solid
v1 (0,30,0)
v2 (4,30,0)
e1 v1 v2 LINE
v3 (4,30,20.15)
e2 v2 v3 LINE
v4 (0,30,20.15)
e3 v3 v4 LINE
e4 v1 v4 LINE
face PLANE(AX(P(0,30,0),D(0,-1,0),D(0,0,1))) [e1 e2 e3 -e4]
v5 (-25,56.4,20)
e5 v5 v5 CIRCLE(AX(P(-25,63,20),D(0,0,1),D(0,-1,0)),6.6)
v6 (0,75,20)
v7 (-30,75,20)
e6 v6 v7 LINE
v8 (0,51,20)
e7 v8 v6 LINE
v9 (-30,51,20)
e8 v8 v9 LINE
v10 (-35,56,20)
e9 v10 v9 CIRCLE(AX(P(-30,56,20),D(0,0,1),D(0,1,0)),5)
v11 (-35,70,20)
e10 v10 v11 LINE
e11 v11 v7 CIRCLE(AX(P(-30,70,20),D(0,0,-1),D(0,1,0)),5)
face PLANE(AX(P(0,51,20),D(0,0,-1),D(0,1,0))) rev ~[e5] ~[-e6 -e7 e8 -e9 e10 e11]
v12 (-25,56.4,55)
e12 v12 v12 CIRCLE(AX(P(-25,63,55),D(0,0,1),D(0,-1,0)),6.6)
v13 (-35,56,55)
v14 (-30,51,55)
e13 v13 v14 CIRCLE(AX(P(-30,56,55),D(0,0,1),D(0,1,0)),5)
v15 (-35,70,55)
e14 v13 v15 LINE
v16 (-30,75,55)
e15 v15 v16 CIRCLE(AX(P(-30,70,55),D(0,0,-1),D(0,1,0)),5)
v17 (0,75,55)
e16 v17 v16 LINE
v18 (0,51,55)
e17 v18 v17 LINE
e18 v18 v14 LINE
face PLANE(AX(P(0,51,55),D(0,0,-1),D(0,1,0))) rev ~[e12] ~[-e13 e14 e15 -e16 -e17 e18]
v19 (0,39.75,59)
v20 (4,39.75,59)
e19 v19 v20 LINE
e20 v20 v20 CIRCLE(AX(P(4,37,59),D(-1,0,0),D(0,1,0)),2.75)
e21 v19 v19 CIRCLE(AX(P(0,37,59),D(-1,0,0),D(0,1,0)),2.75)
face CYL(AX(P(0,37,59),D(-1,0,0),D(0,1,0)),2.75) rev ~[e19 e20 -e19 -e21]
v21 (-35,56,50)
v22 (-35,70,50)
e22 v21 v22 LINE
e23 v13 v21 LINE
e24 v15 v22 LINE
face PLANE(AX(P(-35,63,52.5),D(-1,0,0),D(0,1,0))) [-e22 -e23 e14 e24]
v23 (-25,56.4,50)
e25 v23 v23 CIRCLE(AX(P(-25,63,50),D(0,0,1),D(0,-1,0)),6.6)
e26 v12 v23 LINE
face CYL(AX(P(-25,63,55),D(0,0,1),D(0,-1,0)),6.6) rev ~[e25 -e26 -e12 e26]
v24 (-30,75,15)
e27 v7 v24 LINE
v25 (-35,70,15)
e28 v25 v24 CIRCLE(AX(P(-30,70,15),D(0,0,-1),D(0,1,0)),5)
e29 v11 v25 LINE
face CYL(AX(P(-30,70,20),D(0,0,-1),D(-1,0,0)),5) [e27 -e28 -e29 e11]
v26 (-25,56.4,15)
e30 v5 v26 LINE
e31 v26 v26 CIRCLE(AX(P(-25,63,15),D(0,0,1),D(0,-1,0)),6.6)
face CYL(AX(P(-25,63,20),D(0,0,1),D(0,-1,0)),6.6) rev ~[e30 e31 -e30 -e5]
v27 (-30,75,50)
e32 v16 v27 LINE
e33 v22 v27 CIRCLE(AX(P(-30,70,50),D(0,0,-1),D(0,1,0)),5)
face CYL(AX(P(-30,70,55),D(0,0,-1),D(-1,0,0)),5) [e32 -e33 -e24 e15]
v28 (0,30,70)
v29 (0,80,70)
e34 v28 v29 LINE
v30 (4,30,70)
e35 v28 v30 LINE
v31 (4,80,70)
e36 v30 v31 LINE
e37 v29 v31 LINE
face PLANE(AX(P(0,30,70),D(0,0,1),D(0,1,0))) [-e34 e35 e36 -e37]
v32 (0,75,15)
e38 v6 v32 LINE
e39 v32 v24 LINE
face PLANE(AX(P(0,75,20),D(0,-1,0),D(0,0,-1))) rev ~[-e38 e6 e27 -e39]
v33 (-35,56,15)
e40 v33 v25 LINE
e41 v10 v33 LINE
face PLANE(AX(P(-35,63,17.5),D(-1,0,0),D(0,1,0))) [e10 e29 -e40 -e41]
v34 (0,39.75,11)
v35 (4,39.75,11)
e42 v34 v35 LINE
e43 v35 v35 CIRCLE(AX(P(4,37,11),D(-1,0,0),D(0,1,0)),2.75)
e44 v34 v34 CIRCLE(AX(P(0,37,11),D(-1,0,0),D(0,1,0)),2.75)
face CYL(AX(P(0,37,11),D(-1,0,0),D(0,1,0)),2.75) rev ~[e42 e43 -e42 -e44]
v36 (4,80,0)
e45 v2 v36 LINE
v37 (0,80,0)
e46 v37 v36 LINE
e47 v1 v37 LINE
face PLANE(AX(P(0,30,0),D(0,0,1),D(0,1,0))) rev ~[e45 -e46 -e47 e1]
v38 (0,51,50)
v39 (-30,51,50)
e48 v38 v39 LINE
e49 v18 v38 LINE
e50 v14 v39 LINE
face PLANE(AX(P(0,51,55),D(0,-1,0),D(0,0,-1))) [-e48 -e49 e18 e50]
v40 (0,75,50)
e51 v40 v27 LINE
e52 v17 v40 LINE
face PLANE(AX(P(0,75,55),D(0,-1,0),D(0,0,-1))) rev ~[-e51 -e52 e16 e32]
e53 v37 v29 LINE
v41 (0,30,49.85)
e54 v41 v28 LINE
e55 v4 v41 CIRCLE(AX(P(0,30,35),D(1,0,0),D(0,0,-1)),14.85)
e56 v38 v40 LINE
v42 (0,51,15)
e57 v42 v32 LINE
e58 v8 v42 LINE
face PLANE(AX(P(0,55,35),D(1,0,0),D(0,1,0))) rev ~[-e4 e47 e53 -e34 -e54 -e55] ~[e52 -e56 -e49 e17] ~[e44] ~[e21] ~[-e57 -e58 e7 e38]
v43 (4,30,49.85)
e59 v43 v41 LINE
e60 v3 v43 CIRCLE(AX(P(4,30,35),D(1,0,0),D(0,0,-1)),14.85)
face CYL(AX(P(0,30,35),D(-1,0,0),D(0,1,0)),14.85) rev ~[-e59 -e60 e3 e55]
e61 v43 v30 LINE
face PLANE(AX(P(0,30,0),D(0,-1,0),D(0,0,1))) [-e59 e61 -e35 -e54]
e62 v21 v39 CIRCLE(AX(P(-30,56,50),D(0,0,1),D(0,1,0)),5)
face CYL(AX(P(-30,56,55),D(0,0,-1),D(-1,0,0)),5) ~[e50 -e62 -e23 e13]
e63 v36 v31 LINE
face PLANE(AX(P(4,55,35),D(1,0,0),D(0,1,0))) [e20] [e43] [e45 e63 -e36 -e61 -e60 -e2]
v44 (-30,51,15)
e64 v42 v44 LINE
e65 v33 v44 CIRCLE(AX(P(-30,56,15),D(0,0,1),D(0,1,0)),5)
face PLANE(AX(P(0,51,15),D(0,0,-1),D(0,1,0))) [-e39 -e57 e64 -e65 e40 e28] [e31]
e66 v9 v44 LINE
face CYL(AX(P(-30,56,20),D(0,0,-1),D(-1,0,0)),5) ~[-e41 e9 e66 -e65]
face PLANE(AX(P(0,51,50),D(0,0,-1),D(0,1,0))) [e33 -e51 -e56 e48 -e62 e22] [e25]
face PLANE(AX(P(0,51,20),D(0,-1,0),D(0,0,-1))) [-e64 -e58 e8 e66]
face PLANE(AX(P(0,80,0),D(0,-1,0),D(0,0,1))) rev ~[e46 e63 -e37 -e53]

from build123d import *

# Parameters (mm, degrees)
SKETCH003_W   = 24
SKETCH003_H   = 5
PAD002_DEPTH  = 35
SKETCH004_R   = 6.6
HOLE001_DEPTH = 5.001
FILLET002_R   = 5
FILLET003_R   = 5
SKETCH002_W   = 24
SKETCH002_H   = 5
PAD001_DEPTH  = 35
SKETCH005_R   = 6.6
HOLE002_DEPTH = 5.001
FILLET_R      = 5
FILLET001_R   = 5
SKETCH_W      = 50
SKETCH_H      = 70
PAD_DEPTH     = 4
SKETCH001_R   = 2.75
HOLE_DEPTH    = 4.001
SKETCH006_R   = 14.85
HOLE003_DEPTH = 4.001


with BuildPart() as body002:
    # Sketch003 (on Face1 of CopyHole001) → Pad002 (new body)
    with BuildSketch(Plane(origin=(0, 0, 0), x_dir=(0, 1, 0), z_dir=(-1, 0, 0))):
        with Locations((63, -52.5)):
            Rectangle(SKETCH003_W, SKETCH003_H)
    extrude(amount=PAD002_DEPTH)

    # Sketch004 (on Face3 of Pad002) → Hole001 (cut, through all)
    with BuildSketch(Plane(origin=(0, 0, 55), x_dir=(0, -1, 0), z_dir=(0, 0, 1))):
        with Locations((-63, -25)):
            Circle(SKETCH004_R)
    extrude(amount=-HOLE001_DEPTH, mode=Mode.SUBTRACT)

    # Fillet002
    fillet002_edges = [body002.edges().sort_by_distance(p)[0] for p in [
        (-35, 75, 52.5),
    ]]
    fillet(fillet002_edges, radius=FILLET002_R)

    # Fillet003
    fillet003_edges = [body002.edges().sort_by_distance(p)[0] for p in [
        (-35, 51, 52.5),
    ]]
    fillet(fillet003_edges, radius=FILLET003_R)


with BuildPart() as body001:
    # Sketch002 (on Face1 of CopyHole) → Pad001 (new body)
    with BuildSketch(Plane(origin=(0, 0, 0), x_dir=(0, 1, 0), z_dir=(-1, 0, 0))):
        with Locations((63, -17.5)):
            Rectangle(SKETCH002_W, SKETCH002_H)
    extrude(amount=PAD001_DEPTH)

    # Sketch005 (on Face3 of Pad001) → Hole002 (cut, through all)
    with BuildSketch(Plane(origin=(0, 0, 20), x_dir=(0, -1, 0), z_dir=(0, 0, 1))):
        with Locations((-63, -25)):
            Circle(SKETCH005_R)
    extrude(amount=-HOLE002_DEPTH, mode=Mode.SUBTRACT)

    # Fillet
    fillet_edges = [body001.edges().sort_by_distance(p)[0] for p in [
        (-35, 75, 17.5),
    ]]
    fillet(fillet_edges, radius=FILLET_R)

    # Fillet001
    fillet001_edges = [body001.edges().sort_by_distance(p)[0] for p in [
        (-35, 51, 17.5),
    ]]
    fillet(fillet001_edges, radius=FILLET001_R)


with BuildPart() as body:
    # Sketch → Pad (new body)
    with BuildSketch(Plane.YZ):
        with Locations((55, 35)):
            Rectangle(SKETCH_W, SKETCH_H)
    extrude(amount=PAD_DEPTH)

    # Sketch001 (on Face5 of Pad) → Hole (cut, through all)
    with BuildSketch(Plane(origin=(0, 0, 0), x_dir=(0, 1, 0), z_dir=(-1, 0, 0))):
        with Locations((37, -11)):
            Circle(SKETCH001_R)
        with Locations((37, -59)):
            Circle(SKETCH001_R)
    extrude(amount=-HOLE_DEPTH, mode=Mode.SUBTRACT)

    # Sketch006 (on Face4 of Hole) → Hole003 (cut, through all)
    with BuildSketch(Plane(origin=(0, 0, 0), x_dir=(0, 1, 0), z_dir=(-1, 0, 0))):
        with Locations((30, -35)):
            Circle(SKETCH006_R)
    extrude(amount=-HOLE003_DEPTH, mode=Mode.SUBTRACT)

    # Boolean: union Body002, Body001
    add(body002.part)
    add(body001.part)


solid = body.part
